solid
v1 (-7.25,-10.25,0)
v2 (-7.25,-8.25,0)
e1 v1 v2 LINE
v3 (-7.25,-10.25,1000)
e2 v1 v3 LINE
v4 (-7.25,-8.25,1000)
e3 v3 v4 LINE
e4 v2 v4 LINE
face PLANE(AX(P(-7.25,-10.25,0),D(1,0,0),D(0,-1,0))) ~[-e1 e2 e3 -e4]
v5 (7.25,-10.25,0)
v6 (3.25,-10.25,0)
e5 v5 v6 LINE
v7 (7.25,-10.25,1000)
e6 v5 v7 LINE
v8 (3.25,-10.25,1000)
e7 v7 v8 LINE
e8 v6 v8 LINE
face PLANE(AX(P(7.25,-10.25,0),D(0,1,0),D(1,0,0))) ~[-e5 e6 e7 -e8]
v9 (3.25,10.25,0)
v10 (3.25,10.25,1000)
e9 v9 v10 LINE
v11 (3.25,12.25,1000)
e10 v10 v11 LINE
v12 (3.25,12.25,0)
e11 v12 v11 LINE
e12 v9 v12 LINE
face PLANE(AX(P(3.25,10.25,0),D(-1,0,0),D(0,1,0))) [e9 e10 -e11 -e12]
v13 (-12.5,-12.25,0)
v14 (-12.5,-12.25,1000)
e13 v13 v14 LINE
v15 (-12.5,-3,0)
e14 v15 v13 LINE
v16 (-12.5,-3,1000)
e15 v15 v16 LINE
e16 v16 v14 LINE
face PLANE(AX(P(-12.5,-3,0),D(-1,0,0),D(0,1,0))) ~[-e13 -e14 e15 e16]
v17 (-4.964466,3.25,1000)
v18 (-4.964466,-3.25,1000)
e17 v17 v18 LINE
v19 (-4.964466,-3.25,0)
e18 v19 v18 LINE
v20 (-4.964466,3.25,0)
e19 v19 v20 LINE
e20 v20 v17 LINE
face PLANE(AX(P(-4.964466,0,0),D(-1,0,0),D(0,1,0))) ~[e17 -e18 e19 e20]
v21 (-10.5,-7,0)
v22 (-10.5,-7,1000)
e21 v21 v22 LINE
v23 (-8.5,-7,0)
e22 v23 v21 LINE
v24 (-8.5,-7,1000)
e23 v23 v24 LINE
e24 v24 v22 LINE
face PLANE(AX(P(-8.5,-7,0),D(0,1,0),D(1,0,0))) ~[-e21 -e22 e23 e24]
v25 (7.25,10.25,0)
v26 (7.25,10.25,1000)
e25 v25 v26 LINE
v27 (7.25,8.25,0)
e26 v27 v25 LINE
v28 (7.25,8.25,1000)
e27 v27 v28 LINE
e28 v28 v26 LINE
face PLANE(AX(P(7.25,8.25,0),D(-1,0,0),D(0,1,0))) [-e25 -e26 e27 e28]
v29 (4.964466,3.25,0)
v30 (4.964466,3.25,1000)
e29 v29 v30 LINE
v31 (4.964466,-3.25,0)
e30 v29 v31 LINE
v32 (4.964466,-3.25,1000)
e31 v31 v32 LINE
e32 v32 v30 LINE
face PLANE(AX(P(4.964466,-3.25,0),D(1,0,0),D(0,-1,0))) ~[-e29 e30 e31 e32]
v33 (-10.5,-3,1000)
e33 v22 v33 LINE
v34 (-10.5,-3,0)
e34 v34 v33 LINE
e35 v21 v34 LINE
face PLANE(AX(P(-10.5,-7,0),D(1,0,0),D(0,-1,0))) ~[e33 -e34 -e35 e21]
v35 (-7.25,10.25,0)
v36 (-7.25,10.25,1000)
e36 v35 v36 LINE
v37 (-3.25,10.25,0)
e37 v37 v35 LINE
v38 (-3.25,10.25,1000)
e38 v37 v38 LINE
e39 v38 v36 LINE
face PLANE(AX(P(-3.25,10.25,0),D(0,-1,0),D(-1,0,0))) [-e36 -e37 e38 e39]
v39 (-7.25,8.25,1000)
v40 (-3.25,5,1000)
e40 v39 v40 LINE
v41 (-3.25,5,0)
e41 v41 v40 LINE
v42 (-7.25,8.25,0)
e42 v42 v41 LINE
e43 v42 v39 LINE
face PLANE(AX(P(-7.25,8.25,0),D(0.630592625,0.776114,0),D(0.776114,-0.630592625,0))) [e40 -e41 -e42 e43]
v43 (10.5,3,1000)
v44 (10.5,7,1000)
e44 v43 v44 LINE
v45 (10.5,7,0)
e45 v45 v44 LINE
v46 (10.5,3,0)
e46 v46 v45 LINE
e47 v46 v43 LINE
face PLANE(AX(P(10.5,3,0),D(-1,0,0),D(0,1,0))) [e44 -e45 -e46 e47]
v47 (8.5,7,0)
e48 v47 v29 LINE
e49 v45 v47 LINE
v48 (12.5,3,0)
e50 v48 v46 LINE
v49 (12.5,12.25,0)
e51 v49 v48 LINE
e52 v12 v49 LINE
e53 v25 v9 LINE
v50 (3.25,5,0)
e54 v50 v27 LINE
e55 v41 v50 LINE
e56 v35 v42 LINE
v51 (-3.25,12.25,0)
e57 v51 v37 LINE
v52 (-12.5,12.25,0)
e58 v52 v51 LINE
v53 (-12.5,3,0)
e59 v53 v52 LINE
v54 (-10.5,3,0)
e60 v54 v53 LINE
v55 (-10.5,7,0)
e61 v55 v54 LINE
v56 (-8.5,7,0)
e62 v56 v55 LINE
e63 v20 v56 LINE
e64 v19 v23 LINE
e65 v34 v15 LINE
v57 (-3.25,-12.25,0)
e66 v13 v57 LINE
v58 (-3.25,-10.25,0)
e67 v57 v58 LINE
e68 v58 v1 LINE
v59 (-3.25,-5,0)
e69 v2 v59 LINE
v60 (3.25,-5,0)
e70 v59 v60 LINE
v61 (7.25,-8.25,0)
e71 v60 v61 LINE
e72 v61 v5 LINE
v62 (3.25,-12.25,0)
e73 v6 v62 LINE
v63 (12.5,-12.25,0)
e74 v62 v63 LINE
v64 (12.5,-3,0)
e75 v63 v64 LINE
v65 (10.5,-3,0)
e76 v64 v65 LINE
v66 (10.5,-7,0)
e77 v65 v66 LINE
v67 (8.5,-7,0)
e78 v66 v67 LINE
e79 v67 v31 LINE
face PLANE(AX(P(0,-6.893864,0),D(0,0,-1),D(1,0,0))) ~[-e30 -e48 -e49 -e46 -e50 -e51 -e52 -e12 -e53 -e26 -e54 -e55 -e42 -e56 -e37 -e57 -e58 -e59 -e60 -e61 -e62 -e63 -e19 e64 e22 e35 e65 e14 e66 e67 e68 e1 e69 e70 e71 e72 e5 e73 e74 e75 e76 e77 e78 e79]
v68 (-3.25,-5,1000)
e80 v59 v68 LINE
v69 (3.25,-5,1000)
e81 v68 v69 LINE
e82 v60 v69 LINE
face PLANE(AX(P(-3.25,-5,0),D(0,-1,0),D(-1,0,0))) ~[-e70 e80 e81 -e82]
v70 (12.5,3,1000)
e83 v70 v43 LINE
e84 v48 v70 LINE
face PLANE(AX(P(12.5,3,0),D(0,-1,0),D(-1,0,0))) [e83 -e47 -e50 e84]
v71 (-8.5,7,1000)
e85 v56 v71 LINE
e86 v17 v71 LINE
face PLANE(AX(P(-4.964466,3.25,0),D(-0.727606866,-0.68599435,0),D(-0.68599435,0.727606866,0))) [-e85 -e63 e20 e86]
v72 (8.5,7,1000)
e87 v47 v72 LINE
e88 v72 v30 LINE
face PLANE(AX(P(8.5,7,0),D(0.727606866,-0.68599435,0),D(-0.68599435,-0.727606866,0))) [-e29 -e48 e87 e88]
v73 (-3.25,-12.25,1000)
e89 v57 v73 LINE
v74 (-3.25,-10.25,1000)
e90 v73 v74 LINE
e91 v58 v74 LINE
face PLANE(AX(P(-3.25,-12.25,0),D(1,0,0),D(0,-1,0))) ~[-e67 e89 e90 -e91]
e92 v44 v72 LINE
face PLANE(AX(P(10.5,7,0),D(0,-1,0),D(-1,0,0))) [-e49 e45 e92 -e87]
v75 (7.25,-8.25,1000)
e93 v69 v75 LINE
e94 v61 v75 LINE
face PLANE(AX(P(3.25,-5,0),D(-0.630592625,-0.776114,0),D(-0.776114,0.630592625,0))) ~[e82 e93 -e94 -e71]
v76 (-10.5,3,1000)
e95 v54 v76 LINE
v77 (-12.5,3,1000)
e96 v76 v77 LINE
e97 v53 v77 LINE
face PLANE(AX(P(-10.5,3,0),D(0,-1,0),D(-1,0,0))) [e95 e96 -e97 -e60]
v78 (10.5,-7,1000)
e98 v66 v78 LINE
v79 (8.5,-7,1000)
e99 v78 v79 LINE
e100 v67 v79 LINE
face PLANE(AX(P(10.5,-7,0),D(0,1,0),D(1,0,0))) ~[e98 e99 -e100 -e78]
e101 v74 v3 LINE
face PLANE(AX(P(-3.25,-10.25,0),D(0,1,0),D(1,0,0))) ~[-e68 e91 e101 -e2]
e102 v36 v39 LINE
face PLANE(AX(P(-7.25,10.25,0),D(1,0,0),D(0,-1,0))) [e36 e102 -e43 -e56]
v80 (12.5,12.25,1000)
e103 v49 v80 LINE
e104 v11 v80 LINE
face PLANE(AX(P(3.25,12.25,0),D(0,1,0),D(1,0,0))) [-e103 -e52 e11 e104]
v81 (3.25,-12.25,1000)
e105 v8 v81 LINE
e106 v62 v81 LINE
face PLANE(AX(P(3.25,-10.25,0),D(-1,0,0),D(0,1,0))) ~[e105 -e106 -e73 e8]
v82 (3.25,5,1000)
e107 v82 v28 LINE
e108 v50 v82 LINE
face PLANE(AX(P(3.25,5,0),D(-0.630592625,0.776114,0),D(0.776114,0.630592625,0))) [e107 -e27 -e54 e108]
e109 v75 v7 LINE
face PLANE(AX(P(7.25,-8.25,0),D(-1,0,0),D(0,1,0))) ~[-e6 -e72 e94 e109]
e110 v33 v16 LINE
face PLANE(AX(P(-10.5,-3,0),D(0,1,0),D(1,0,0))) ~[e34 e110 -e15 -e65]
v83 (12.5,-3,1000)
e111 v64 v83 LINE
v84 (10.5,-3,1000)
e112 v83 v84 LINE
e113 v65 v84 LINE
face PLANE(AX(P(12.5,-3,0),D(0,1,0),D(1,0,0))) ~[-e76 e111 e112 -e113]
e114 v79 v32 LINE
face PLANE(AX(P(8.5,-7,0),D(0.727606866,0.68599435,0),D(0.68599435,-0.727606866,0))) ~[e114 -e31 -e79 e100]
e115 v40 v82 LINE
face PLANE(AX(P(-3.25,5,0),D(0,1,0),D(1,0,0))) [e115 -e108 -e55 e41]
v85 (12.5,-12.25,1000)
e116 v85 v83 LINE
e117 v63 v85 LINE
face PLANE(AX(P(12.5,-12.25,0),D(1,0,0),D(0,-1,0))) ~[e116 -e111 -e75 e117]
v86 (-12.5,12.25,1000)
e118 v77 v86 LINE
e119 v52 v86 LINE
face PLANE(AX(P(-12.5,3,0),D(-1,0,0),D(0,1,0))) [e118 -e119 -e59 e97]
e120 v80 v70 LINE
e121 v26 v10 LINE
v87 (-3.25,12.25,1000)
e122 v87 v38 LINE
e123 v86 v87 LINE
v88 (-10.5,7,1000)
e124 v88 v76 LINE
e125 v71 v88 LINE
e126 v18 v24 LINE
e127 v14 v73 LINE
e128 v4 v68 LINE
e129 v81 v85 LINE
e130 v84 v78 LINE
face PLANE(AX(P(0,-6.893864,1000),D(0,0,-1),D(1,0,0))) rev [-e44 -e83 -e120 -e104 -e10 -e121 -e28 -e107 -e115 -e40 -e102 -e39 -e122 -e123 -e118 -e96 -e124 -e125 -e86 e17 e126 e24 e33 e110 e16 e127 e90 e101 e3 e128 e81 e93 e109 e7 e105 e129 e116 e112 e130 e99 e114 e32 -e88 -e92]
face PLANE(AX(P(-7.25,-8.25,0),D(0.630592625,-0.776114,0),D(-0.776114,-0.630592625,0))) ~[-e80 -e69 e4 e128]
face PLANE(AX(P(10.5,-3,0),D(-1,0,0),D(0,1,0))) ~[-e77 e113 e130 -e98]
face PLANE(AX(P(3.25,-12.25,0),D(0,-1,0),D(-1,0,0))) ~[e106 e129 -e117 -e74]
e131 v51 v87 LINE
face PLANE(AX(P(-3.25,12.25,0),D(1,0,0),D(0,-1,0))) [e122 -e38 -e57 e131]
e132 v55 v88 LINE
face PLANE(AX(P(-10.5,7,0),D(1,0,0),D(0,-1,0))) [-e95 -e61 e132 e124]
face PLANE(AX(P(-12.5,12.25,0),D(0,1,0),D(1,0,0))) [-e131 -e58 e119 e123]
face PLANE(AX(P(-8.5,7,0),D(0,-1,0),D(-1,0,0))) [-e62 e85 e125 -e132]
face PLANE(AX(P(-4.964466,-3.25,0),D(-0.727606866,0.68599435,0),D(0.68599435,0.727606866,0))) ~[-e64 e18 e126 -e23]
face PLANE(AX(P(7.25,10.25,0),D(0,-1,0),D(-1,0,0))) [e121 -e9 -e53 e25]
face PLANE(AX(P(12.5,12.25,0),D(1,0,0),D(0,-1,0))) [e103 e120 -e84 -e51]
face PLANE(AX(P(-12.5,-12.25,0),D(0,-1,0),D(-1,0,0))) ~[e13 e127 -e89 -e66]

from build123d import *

# Parameters (mm, degrees)
PAD_DEPTH    = 1000
SKETCH001_R  = 2
POCKET_DEPTH = 5.251


with BuildPart() as change_me_for_height:
    # Sketch → Pad (new body)
    with BuildSketch(Plane.XY):
        Polygon((-12.5, 3), (-12.5, 12.25), (-3.25, 12.25), (-3.25, 10.25), (-7.25, 10.25), (-7.25, 8.25), (-3.25, 5), (3.25, 5), (7.25, 8.25), (7.25, 10.25), (3.25, 10.25), (3.25, 12.25), (12.5, 12.25), (12.5, 3), (10.5, 3), (10.5, 7), (8.5, 7), (4.964466, 3.25), (4.964466, 0), (-4.964466, 0), (-4.964466, 3.25), (-8.5, 7), (-10.5, 7), (-10.5, 3), align=None)
    pad = extrude(amount=PAD_DEPTH)


with BuildPart() as mirrored:
    # Mirrored base: copy of Change_me_for_height
    add(change_me_for_height.part)

    # Mirrored: Pad across Sketch H_Axis
    add(pad.mirror(Plane.ZX))


with BuildPart() as pocket:
    # Fusion base: copy of Change_me_for_height
    add(change_me_for_height.part)

    # Fusion: union Mirrored
    add(mirrored.part)

    # Sketch001 → Pocket (cut, through all)
    with BuildSketch(Plane.XZ.offset(-7)):
        Circle(SKETCH001_R)
    extrude(amount=-POCKET_DEPTH, mode=Mode.SUBTRACT)


solid = pocket.part
